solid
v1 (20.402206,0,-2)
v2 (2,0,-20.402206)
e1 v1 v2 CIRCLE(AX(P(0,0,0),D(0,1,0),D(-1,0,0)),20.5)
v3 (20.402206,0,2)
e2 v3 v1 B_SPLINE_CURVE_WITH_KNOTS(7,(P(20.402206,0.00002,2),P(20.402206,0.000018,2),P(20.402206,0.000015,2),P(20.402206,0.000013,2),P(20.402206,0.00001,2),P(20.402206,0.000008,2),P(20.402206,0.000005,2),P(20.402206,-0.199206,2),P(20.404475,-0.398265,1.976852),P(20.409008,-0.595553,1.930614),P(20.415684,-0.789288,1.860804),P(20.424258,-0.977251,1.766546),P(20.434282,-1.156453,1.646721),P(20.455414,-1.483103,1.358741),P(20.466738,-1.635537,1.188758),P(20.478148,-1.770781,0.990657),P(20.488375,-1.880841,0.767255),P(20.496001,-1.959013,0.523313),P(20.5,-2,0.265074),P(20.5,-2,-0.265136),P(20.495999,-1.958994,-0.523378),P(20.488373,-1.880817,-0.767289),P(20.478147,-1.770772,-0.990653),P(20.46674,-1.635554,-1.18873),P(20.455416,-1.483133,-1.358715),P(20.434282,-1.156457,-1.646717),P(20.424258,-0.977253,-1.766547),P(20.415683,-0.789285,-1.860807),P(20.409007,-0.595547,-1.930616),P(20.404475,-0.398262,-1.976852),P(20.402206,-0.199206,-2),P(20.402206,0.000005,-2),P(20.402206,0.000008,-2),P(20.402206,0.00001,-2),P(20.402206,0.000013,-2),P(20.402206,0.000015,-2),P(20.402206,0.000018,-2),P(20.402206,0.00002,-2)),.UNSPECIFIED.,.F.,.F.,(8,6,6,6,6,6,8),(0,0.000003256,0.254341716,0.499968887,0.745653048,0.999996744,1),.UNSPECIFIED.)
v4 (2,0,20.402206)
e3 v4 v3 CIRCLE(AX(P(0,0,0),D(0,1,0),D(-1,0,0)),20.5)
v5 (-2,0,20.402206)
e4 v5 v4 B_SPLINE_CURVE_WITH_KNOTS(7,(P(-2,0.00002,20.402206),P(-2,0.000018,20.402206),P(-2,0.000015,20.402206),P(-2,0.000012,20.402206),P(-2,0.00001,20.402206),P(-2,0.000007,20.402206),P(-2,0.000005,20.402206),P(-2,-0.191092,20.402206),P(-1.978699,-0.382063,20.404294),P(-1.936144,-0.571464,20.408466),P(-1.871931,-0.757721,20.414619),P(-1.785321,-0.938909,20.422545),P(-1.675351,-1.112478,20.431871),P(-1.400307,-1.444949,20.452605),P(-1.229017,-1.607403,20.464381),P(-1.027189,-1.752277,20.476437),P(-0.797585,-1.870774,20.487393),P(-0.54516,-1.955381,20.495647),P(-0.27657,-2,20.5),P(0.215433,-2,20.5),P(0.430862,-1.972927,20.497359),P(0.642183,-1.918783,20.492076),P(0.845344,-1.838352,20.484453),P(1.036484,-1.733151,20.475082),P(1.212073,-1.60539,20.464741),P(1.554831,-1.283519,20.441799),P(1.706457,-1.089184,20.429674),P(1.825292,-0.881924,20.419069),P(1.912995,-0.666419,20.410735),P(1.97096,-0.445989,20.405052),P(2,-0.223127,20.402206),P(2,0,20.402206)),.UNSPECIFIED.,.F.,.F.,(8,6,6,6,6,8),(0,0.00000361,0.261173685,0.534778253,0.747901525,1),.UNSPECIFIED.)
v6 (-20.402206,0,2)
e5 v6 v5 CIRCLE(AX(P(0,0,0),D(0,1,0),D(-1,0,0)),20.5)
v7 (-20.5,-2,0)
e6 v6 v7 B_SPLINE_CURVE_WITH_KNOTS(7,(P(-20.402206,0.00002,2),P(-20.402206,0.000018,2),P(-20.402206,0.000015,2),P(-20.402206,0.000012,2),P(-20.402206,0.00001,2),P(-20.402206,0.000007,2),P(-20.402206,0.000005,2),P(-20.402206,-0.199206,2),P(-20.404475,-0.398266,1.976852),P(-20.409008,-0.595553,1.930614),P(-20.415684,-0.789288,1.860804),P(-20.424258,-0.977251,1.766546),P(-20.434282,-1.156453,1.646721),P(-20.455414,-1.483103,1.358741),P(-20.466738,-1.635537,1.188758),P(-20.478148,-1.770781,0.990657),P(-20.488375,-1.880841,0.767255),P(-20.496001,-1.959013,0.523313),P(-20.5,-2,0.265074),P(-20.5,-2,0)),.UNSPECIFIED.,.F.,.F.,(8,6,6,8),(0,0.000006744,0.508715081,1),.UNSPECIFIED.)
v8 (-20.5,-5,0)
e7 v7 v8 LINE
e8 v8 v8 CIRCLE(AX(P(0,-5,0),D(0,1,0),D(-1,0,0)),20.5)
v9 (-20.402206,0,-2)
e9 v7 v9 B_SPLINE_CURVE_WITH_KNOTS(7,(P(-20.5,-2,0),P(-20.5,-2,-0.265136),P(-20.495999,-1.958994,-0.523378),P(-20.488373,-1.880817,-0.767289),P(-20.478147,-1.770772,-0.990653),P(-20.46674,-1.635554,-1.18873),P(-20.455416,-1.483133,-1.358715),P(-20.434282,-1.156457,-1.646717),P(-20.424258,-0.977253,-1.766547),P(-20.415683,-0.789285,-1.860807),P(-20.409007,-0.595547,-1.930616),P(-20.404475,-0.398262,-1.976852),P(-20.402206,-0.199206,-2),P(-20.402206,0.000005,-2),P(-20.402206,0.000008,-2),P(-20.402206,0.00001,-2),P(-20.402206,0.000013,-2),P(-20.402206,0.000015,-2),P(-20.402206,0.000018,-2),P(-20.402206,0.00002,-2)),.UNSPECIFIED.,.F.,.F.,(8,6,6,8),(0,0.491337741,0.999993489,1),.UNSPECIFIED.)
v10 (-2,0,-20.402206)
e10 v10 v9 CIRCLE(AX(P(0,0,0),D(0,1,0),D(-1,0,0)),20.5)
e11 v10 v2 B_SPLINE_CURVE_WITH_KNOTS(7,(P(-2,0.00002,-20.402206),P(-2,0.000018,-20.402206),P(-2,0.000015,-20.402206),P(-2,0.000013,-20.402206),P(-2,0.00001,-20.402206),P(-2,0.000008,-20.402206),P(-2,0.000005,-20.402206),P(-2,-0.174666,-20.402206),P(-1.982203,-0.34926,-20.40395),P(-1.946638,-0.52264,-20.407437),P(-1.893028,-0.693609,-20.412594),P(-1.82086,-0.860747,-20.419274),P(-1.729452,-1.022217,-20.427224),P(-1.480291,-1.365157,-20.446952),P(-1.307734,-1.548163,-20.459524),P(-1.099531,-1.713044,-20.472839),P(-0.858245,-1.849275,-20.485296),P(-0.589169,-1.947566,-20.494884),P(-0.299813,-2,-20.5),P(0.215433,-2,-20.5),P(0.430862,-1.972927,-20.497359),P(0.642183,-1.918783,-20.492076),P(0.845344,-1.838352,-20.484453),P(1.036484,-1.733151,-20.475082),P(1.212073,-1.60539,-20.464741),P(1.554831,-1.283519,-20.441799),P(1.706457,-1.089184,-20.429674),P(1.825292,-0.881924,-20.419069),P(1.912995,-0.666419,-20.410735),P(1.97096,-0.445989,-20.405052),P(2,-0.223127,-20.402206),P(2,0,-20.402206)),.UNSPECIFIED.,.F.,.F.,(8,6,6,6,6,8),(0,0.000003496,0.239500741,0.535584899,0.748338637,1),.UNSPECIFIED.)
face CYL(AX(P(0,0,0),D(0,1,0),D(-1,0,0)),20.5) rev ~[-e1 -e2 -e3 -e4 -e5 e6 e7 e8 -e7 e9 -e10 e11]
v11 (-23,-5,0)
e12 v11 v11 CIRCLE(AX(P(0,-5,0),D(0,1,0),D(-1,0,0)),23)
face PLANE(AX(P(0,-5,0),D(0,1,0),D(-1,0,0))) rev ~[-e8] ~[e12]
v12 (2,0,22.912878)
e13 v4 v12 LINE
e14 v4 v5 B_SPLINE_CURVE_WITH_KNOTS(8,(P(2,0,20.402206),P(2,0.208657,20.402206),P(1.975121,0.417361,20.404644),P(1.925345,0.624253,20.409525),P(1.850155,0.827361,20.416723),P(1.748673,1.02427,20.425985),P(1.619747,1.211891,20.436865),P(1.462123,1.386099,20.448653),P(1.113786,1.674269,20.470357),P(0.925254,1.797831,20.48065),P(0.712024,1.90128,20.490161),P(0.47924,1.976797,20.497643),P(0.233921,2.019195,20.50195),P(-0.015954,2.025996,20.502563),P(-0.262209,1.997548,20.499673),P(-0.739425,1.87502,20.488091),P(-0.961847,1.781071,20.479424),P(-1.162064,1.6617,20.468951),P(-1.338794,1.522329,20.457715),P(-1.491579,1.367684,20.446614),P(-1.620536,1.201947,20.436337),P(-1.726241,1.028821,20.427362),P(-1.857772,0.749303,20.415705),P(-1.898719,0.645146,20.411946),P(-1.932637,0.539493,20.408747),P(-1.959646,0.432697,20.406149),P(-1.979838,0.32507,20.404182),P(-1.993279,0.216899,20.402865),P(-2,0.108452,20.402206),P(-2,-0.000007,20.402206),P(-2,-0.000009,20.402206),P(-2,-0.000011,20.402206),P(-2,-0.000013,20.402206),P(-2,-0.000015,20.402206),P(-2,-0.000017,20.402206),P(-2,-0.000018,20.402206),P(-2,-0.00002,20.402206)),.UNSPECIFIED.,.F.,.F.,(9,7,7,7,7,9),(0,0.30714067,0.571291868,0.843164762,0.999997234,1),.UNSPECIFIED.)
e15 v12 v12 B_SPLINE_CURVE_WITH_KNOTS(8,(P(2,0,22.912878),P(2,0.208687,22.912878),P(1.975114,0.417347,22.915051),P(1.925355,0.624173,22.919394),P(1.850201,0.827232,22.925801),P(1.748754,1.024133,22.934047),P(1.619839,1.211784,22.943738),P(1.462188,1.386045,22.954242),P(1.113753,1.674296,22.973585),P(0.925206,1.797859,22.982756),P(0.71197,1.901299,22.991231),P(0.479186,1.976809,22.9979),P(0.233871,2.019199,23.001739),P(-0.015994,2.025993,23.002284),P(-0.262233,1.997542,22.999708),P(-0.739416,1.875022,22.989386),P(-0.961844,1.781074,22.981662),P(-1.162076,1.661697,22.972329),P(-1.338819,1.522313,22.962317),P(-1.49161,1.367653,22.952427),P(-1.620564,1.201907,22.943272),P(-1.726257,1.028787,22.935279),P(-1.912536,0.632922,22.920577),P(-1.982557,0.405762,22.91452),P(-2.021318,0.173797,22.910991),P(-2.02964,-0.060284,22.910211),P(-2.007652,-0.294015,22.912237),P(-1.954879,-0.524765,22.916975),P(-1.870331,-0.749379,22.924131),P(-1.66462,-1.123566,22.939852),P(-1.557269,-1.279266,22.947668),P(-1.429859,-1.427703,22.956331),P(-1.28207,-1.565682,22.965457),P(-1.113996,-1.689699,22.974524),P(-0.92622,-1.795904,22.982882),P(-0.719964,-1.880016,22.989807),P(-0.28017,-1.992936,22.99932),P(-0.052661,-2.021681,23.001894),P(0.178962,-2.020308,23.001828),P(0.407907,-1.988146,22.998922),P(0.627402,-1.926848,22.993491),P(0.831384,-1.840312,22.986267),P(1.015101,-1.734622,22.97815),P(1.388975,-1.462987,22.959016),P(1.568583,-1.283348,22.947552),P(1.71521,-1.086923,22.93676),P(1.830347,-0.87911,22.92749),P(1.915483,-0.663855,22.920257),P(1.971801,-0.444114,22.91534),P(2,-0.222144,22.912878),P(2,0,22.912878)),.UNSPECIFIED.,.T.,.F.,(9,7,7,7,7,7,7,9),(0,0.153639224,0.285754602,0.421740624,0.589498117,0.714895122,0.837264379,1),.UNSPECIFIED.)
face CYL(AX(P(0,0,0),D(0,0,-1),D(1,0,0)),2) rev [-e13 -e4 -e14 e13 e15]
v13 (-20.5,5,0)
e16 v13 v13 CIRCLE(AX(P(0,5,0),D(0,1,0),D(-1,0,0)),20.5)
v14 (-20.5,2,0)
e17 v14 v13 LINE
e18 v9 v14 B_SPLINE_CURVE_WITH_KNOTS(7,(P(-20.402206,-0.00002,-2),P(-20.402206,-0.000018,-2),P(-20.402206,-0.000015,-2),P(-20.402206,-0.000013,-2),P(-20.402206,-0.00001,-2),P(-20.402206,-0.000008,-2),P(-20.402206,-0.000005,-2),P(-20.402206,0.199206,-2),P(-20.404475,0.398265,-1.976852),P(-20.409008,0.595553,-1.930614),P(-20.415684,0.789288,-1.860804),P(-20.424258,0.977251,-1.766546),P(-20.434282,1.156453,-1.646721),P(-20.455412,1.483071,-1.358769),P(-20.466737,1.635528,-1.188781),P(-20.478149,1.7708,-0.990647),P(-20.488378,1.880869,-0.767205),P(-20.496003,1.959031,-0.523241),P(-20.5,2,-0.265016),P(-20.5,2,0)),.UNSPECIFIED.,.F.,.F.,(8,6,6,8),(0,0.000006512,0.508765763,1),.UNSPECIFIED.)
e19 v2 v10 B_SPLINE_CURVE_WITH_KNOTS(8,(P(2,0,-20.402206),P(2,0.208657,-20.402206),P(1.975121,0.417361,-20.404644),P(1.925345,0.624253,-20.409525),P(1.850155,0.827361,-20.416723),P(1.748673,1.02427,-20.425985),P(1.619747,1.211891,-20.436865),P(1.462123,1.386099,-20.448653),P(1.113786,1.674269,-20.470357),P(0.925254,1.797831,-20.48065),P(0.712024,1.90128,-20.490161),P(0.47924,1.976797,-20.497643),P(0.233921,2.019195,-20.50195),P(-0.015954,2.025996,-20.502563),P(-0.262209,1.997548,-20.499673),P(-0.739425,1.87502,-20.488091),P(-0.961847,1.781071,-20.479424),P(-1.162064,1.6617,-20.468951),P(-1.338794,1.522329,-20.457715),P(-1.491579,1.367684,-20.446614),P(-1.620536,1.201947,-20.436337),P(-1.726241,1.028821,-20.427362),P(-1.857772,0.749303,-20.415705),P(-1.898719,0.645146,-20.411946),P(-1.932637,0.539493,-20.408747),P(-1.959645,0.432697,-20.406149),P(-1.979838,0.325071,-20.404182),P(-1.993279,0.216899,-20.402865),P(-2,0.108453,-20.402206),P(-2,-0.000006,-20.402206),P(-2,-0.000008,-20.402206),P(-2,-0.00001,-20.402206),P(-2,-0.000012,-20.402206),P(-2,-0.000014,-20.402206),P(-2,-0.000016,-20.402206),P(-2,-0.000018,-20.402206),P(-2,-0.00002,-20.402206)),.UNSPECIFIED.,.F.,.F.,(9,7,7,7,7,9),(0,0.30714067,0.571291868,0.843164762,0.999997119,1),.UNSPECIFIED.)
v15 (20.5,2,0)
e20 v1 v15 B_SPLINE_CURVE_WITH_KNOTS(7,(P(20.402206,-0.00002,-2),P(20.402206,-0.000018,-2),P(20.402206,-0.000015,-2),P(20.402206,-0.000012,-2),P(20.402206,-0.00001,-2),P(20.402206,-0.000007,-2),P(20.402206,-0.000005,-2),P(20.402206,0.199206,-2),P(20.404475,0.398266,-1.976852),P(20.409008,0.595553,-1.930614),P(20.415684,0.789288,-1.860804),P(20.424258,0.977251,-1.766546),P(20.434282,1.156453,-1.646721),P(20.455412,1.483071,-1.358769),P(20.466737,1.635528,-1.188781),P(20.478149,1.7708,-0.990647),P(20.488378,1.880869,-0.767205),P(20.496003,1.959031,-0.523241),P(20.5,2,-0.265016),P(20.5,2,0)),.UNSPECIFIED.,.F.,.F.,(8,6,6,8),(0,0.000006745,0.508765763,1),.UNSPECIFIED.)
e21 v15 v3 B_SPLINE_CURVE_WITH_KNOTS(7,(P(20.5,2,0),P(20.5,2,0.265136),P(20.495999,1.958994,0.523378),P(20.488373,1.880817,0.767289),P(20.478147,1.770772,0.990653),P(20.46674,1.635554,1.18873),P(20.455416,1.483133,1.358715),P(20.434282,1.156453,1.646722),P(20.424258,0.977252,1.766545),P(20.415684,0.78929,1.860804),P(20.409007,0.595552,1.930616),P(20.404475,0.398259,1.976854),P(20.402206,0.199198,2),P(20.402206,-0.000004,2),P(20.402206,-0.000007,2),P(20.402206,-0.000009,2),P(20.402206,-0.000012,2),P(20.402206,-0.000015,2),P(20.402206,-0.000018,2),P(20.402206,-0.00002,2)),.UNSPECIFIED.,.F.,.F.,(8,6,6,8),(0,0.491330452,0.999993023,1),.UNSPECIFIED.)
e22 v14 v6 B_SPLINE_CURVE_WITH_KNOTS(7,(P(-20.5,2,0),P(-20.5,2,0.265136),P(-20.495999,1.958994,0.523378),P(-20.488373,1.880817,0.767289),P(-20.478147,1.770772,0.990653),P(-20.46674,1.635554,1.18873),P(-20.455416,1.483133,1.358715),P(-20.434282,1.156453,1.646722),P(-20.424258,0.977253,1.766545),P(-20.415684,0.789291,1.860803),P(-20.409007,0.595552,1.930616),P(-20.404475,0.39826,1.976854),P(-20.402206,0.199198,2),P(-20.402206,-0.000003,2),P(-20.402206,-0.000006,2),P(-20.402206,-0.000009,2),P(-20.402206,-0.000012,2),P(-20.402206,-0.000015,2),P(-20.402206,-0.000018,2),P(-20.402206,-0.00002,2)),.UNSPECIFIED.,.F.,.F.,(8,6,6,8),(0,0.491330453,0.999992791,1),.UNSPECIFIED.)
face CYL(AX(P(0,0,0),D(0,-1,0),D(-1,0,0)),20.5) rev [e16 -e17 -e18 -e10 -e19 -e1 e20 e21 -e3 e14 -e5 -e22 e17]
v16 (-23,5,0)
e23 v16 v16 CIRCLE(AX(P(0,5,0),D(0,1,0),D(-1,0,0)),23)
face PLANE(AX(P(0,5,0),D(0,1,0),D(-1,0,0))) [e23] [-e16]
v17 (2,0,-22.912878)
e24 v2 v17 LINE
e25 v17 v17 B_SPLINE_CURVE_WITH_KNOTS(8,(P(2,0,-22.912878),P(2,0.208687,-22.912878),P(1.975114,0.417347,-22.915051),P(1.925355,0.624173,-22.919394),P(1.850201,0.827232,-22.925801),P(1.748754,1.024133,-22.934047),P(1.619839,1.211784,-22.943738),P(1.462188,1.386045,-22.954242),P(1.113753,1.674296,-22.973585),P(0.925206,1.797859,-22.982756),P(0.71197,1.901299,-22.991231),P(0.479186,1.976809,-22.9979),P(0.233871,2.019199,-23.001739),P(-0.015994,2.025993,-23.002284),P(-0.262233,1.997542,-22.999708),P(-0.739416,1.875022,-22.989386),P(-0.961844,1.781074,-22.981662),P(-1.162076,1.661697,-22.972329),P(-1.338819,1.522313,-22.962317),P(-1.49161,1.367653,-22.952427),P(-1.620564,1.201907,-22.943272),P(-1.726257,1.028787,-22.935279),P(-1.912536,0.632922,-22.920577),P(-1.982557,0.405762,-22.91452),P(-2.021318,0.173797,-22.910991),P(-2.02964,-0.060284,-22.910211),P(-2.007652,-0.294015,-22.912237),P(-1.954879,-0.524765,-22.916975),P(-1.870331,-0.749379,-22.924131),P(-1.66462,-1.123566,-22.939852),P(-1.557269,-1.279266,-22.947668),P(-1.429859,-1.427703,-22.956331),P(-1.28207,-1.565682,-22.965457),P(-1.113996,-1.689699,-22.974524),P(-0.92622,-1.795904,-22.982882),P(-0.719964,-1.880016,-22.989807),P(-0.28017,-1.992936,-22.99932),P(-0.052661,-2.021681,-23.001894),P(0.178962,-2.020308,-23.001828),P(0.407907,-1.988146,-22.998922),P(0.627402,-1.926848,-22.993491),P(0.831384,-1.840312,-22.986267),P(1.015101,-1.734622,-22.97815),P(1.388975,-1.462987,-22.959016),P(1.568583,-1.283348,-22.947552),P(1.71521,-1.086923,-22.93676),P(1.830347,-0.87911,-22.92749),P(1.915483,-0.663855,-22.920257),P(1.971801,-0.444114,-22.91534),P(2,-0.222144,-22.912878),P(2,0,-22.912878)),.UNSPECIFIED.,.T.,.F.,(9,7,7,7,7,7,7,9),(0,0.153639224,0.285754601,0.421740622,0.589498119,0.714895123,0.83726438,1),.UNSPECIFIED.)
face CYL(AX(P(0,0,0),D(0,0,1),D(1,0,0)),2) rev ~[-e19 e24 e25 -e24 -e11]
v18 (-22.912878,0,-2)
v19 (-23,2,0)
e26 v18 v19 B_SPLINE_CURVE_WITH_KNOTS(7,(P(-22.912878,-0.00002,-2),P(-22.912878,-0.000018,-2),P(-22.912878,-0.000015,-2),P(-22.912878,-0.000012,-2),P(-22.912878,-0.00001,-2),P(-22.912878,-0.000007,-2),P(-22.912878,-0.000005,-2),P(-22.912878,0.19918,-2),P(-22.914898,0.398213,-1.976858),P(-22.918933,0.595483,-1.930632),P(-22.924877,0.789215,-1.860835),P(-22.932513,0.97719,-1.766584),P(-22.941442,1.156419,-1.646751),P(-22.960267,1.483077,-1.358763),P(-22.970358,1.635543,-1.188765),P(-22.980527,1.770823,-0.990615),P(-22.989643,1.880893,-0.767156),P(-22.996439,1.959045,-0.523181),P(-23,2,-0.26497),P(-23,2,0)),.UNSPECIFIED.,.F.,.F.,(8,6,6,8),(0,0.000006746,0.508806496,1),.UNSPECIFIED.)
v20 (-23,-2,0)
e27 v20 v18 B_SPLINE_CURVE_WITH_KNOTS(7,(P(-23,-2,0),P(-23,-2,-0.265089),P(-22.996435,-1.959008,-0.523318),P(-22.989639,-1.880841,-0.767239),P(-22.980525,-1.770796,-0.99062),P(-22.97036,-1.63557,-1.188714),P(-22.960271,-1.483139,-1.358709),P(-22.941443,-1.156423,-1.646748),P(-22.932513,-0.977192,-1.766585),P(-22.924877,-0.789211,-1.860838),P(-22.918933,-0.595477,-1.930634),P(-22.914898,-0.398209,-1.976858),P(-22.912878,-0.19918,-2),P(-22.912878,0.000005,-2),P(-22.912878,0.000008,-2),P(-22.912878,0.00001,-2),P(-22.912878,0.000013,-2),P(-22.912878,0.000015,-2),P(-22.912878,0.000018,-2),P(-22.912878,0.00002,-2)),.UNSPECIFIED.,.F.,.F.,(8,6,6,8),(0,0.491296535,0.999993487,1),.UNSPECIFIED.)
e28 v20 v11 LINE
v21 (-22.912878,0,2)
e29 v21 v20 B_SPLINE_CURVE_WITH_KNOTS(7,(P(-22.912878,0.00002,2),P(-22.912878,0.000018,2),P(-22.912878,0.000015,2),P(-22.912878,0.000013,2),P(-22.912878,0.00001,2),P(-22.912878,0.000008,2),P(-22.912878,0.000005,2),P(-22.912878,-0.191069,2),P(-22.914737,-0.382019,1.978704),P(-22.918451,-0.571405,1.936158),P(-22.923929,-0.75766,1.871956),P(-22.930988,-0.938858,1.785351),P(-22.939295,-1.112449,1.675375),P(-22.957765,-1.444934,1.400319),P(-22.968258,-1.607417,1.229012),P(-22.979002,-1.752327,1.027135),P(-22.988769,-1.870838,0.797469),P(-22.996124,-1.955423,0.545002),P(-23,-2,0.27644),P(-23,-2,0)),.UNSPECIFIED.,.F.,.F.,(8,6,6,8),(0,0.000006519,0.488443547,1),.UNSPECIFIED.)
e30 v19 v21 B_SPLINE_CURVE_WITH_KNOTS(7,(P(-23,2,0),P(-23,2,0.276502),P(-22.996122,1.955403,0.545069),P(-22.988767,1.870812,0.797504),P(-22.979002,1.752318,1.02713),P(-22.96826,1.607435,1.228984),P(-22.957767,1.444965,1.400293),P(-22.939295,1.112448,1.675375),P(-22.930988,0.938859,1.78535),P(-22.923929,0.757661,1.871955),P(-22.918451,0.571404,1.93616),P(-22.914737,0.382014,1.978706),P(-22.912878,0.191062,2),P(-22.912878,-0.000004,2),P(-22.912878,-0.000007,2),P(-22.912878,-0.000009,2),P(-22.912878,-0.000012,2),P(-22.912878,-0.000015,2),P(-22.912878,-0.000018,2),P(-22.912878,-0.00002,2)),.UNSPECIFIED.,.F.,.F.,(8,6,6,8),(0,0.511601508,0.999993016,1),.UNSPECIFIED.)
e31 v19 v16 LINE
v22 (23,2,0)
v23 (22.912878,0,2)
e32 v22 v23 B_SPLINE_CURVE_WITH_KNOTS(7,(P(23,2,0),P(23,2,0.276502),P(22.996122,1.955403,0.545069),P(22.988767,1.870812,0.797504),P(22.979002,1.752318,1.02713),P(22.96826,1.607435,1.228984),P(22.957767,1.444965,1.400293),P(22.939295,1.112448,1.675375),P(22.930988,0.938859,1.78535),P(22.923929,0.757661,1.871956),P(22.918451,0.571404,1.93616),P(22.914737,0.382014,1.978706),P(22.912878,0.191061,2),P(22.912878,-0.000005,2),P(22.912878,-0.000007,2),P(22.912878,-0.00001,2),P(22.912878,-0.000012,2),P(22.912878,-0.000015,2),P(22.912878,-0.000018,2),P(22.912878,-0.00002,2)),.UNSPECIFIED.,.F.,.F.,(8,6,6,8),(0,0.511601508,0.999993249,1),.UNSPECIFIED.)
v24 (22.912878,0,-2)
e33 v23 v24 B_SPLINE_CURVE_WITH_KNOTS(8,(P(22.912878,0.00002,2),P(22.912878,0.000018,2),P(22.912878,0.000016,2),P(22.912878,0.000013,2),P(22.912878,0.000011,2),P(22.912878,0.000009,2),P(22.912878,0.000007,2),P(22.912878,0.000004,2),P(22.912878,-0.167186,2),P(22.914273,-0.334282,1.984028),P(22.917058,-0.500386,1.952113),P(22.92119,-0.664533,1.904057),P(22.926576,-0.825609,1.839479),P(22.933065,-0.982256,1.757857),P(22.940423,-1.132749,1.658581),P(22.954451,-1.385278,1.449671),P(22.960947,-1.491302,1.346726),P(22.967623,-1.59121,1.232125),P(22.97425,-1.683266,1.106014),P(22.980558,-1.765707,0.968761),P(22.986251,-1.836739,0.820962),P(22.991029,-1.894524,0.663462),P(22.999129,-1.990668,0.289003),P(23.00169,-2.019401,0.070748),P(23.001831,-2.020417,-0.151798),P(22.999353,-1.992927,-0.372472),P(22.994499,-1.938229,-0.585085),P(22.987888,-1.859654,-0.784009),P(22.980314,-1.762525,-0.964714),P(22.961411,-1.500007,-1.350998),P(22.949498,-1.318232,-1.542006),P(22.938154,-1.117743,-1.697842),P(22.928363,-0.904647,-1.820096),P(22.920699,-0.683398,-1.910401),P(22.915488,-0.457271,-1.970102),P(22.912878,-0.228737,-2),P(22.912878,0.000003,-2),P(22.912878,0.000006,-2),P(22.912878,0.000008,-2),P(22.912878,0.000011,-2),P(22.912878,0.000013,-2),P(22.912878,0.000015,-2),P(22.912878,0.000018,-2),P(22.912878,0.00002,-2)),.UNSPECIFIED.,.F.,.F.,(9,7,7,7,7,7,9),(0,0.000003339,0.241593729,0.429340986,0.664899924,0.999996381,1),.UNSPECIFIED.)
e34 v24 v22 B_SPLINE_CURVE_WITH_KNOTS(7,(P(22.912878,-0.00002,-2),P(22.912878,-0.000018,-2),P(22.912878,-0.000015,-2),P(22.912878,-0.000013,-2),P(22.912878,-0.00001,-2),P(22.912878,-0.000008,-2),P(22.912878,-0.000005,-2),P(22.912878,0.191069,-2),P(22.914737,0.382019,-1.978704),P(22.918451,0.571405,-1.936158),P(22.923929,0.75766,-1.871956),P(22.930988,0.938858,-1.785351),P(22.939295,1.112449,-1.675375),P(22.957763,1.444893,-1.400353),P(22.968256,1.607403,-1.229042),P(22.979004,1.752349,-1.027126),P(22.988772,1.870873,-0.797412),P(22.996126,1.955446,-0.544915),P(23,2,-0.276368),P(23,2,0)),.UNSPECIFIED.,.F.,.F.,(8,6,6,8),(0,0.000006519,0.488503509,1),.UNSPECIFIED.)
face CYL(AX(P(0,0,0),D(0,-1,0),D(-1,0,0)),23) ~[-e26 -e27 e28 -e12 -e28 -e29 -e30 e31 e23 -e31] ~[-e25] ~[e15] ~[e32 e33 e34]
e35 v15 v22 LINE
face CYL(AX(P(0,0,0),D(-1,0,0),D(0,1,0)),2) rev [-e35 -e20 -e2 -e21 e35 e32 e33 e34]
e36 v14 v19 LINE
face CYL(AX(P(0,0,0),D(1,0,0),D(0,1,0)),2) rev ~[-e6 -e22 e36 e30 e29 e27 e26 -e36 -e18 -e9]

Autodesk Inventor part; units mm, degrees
ref_plane "YZ Plane" through (0, 0, 0) normal (1, 0, 0) x (0, 1, 0)
ref_plane "XZ Plane" through (0, 0, 0) normal (0, 1, 0) x (-1, 0, 0)
ref_plane "XY Plane" through (0, 0, 0) normal (0, 0, 1) x (1, 0, 0)
sketch "Sketch1" plane through (0, 0, 0) normal (0, 1, 0) x (-1, 0, 0)
  circle A0 centre (0, 0) radius 20.5
  circle A1 centre (0, 0) radius 23
  dimension "d2" = 41
  dimension "d3" = 46
extrude "Extrusion1" add sketch "Sketch1" along normal mid plane 10
sketch "Sketch2" plane through (0, 0, 0) normal (1, 0, 0) x (0, 1, 0)
  circle A0 centre (0, 0) radius 2
  dimension "d6" = 4
extrude "Extrusion2" cut sketch "Sketch2" along normal through all both and the other way through all
sketch "Sketch3" plane through (0, 0, 0) normal (0, 0, 1) x (1, 0, 0)
  circle A0 centre (0, 0) radius 2
  dimension "d9" = 4
extrude "Extrusion3" cut sketch "Sketch3" along normal through all both and the other way through all
